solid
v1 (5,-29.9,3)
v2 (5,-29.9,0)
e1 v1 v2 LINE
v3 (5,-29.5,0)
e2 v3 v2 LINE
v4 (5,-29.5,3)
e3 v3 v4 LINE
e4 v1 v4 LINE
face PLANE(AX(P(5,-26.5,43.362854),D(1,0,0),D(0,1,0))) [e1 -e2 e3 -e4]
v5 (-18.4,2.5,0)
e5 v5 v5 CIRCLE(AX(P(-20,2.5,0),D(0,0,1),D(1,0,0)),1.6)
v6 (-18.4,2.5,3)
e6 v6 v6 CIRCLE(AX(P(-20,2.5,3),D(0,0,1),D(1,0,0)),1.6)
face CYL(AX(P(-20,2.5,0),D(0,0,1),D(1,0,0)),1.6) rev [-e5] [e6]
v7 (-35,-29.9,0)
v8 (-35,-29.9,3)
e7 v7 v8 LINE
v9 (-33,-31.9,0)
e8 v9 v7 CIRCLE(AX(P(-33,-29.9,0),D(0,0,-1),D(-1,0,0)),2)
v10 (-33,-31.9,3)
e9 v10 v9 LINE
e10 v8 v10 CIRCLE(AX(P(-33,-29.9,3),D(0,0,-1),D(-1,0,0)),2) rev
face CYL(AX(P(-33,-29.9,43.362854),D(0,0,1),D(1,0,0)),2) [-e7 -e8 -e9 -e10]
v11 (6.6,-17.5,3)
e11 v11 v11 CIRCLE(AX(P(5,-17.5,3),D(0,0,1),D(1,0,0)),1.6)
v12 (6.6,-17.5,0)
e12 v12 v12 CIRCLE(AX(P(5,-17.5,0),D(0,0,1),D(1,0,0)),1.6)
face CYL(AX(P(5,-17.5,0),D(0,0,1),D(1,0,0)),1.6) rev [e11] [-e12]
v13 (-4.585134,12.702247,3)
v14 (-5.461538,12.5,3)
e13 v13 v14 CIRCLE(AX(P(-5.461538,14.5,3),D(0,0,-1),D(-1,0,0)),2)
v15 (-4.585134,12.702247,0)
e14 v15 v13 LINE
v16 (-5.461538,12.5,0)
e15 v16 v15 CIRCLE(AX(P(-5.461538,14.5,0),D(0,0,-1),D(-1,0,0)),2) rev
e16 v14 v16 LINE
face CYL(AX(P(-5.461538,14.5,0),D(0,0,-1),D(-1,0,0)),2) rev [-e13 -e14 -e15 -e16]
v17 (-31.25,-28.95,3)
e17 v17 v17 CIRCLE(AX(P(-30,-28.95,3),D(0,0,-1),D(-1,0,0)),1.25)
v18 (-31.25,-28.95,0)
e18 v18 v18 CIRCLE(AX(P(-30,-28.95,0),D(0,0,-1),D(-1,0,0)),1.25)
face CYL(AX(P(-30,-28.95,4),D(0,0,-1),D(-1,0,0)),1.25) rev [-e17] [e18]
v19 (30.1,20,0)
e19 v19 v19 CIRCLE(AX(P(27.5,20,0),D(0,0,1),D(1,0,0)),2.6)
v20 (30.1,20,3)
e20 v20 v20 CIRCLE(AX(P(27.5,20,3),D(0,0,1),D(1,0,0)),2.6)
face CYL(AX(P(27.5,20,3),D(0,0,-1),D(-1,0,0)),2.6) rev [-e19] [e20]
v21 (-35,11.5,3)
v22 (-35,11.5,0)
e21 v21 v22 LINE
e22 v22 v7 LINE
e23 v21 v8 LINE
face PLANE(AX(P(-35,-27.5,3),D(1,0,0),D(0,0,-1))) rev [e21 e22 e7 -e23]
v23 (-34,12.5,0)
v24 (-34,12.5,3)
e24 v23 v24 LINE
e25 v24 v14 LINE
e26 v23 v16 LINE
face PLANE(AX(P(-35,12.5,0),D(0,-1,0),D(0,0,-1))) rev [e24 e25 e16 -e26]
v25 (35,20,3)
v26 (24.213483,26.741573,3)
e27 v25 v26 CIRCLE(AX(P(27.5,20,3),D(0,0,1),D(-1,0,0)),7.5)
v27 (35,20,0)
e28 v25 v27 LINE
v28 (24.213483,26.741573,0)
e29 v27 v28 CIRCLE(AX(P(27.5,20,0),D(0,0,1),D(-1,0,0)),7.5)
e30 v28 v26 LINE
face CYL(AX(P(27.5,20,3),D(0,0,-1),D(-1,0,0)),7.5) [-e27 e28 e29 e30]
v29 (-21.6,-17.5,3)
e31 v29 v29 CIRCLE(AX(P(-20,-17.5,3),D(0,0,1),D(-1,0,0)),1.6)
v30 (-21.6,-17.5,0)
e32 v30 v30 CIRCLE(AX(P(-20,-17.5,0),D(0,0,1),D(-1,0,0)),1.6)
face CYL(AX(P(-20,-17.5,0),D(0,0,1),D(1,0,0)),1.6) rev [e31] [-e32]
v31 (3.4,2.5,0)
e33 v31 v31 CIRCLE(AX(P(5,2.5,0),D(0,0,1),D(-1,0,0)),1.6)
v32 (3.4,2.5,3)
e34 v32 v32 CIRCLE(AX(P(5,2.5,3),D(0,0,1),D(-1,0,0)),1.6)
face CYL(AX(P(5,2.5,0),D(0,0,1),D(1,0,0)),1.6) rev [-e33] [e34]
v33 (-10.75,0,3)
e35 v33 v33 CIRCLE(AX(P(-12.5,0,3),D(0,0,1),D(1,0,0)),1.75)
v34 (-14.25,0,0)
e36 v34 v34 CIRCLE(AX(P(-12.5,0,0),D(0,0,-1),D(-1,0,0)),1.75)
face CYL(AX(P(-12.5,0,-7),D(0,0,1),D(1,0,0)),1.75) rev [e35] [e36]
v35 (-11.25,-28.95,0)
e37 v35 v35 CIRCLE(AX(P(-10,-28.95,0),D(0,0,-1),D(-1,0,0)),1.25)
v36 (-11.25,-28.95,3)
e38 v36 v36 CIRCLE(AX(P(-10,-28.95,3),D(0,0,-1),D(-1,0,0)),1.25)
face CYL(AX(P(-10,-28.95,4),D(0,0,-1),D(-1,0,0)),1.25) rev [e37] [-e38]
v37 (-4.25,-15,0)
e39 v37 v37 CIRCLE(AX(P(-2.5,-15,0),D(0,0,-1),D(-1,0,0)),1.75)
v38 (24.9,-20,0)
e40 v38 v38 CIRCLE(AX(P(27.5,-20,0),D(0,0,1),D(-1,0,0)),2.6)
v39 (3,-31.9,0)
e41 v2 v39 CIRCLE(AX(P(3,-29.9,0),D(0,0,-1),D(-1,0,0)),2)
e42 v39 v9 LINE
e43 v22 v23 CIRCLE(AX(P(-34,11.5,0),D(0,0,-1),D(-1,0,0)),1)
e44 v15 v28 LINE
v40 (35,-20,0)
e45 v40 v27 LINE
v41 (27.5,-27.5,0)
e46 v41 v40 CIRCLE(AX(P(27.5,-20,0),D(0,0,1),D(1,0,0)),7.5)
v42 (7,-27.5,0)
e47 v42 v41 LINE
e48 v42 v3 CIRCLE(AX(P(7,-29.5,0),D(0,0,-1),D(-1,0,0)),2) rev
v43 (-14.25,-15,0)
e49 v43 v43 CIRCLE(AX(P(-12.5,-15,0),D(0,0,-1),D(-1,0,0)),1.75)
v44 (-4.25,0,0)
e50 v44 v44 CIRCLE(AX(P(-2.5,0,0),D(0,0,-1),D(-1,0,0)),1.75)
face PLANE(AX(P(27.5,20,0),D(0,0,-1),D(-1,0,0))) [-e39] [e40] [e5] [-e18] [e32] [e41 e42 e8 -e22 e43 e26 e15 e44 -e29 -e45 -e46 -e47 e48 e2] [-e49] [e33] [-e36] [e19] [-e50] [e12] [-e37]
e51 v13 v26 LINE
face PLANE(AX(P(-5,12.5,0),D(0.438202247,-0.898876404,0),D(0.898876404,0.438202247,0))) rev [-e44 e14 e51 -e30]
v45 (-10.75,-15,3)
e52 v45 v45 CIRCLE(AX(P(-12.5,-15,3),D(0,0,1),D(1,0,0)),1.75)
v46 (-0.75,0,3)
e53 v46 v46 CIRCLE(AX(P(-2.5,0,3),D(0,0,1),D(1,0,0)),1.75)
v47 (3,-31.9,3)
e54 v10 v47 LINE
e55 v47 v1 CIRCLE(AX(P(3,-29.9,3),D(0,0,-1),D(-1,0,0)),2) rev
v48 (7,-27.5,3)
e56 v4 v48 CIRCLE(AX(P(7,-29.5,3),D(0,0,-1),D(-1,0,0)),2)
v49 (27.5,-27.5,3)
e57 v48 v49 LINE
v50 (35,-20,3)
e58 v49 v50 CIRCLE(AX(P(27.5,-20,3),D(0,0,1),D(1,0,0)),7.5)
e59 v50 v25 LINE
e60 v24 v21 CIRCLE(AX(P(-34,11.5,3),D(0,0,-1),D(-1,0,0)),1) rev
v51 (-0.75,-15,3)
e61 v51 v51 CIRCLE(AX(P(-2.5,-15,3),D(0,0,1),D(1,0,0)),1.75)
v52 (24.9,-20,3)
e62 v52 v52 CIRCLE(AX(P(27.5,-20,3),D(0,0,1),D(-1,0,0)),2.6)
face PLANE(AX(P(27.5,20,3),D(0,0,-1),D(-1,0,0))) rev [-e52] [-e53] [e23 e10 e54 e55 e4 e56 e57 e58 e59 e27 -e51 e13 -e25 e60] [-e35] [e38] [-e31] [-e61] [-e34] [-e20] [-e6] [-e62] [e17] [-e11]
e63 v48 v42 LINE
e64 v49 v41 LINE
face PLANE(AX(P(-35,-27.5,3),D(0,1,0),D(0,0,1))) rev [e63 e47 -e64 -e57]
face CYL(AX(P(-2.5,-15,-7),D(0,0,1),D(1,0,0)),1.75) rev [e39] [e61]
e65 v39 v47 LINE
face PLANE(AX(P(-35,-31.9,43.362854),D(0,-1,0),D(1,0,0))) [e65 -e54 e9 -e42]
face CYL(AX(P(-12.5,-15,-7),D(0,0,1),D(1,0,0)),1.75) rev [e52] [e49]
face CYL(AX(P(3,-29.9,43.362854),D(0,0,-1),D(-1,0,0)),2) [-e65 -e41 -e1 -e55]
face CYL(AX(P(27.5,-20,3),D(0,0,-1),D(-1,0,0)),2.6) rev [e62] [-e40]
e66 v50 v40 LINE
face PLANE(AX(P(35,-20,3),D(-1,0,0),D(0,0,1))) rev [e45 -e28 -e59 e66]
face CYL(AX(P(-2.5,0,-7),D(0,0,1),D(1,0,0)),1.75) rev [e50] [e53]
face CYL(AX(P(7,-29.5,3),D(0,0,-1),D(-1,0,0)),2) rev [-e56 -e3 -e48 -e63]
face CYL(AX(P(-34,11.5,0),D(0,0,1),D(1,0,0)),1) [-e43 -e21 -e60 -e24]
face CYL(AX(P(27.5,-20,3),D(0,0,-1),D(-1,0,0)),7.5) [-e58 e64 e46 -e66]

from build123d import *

# Parameters (mm, degrees)
SKETCH_1_R          = 2.6
EXTRUDE_1_DEPTH     = 3
CUT_EXTRUDE_START   = -3
CUT_EXTRUDE_1_DEPTH = 3
SKETCH_3_R          = 1.6
CUT_EXTRUDE_2_DEPTH = 3
FILLET_1_R          = 1
SKETCH_4_R          = 1.75
CUT_EXTRUDE_3_DEPTH = 10
SKETCH_5_W          = 40
SKETCH_5_H          = 5.4
EXTRUDE_2_DEPTH     = 3
SKETCH_6_R          = 1.25
CUT_EXTRUDE_4_DEPTH = 4
FILLET_2_R          = 2


with BuildPart() as part:
    # 草图1 → 凸台-拉伸1 (new body)
    with BuildSketch(Plane.XY):
        with BuildLine():
            Line((-35, -27.5), (27.5, -27.5))
            ThreePointArc((27.5, -27.5), (32.803300859, -25.303300859), (35, -20))
            Line((35, -20), (35, 20))
            ThreePointArc((35, 20), (32.803300859, 25.303300859), (27.5, 27.5))
            Line((27.5, 27.5), (-35, 27.5))
            Line((-35, 27.5), (-35, -27.5))
        make_face()
        with Locations((27.5, 20)):
            Circle(SKETCH_1_R, mode=Mode.SUBTRACT)
        with Locations(Location((27.5, -20, 0), (0, 0, 180))):
            Circle(SKETCH_1_R, mode=Mode.SUBTRACT)
    extrude(amount=EXTRUDE_1_DEPTH)

    # 草图2 → 切除-拉伸1 (cut)
    with BuildSketch(Plane.XY.offset(3).offset(CUT_EXTRUDE_START)):
        with BuildLine():
            Line((-35, 12.5), (-5, 12.5))
            Line((-5, 12.5), (24.213483146, 26.741573034))
            ThreePointArc((24.213483146, 26.741573034), (25.8135537, 27.307933968), (27.5, 27.5))
            Line((27.5, 27.5), (27.5, 37.5))
            Line((27.5, 37.5), (-35, 37.5))
            Line((-35, 37.5), (-35, 12.5))
        make_face()
    extrude(amount=CUT_EXTRUDE_1_DEPTH, mode=Mode.SUBTRACT)

    # 草图3 → 切除-拉伸2 (cut)
    with BuildSketch(Plane.XY.offset(3)):
        with Locations((-20, 2.5)):
            Circle(SKETCH_3_R)
        with Locations(Location((5, 2.5, 0), (0, 0, 180))):
            Circle(SKETCH_3_R)
        with Locations((5, -17.5)):
            Circle(SKETCH_3_R)
        with Locations(Location((-20, -17.5, 0), (0, 0, 180))):
            Circle(SKETCH_3_R)
    extrude(amount=-CUT_EXTRUDE_2_DEPTH, mode=Mode.SUBTRACT)

    # 圆角1
    fillet_1_edges = [part.edges().sort_by_distance(p)[0] for p in [
        (-35, -27.5, 1.5),
        (-35, 12.5, 1.5),
    ]]
    fillet(fillet_1_edges, radius=FILLET_1_R)

    # 草图4 → 切除-拉伸3 (cut)
    with BuildSketch(Plane.XY.offset(3)):
        with Locations((-2.5, 0)):
            Circle(SKETCH_4_R)
        with Locations((-12.5, 0)):
            Circle(SKETCH_4_R)
        with Locations((-12.5, -15)):
            Circle(SKETCH_4_R)
        with Locations((-2.5, -15)):
            Circle(SKETCH_4_R)
    extrude(amount=-CUT_EXTRUDE_3_DEPTH, mode=Mode.SUBTRACT)

    # 草图5 → 凸台-拉伸2 (add)
    with BuildSketch(Plane(origin=(0, 0, 0), x_dir=(-1, 0, 0), z_dir=(0, 0, -1))):
        with Locations((15, -29.2)):
            Rectangle(SKETCH_5_W, SKETCH_5_H)
    extrude(amount=-EXTRUDE_2_DEPTH)

    # 草图6 → 切除-拉伸4 (cut)
    with BuildSketch(Plane(origin=(0, 0, 0), x_dir=(-1, 0, 0), z_dir=(0, 0, -1))):
        with Locations((30, -28.95)):
            Circle(SKETCH_6_R)
        with Locations((10, -28.95)):
            Circle(SKETCH_6_R)
    extrude(amount=-CUT_EXTRUDE_4_DEPTH, mode=Mode.SUBTRACT)

    # 圆角2
    fillet_2_edges = [part.edges().sort_by_distance(p)[0] for p in [
        (5, -27.5, 1.5),
        (5, -31.9, 1.5),
        (-35, -31.9, 1.5),
        (-5, 12.5, 1.5),
    ]]
    fillet(fillet_2_edges, radius=FILLET_2_R)


solid = part.part
